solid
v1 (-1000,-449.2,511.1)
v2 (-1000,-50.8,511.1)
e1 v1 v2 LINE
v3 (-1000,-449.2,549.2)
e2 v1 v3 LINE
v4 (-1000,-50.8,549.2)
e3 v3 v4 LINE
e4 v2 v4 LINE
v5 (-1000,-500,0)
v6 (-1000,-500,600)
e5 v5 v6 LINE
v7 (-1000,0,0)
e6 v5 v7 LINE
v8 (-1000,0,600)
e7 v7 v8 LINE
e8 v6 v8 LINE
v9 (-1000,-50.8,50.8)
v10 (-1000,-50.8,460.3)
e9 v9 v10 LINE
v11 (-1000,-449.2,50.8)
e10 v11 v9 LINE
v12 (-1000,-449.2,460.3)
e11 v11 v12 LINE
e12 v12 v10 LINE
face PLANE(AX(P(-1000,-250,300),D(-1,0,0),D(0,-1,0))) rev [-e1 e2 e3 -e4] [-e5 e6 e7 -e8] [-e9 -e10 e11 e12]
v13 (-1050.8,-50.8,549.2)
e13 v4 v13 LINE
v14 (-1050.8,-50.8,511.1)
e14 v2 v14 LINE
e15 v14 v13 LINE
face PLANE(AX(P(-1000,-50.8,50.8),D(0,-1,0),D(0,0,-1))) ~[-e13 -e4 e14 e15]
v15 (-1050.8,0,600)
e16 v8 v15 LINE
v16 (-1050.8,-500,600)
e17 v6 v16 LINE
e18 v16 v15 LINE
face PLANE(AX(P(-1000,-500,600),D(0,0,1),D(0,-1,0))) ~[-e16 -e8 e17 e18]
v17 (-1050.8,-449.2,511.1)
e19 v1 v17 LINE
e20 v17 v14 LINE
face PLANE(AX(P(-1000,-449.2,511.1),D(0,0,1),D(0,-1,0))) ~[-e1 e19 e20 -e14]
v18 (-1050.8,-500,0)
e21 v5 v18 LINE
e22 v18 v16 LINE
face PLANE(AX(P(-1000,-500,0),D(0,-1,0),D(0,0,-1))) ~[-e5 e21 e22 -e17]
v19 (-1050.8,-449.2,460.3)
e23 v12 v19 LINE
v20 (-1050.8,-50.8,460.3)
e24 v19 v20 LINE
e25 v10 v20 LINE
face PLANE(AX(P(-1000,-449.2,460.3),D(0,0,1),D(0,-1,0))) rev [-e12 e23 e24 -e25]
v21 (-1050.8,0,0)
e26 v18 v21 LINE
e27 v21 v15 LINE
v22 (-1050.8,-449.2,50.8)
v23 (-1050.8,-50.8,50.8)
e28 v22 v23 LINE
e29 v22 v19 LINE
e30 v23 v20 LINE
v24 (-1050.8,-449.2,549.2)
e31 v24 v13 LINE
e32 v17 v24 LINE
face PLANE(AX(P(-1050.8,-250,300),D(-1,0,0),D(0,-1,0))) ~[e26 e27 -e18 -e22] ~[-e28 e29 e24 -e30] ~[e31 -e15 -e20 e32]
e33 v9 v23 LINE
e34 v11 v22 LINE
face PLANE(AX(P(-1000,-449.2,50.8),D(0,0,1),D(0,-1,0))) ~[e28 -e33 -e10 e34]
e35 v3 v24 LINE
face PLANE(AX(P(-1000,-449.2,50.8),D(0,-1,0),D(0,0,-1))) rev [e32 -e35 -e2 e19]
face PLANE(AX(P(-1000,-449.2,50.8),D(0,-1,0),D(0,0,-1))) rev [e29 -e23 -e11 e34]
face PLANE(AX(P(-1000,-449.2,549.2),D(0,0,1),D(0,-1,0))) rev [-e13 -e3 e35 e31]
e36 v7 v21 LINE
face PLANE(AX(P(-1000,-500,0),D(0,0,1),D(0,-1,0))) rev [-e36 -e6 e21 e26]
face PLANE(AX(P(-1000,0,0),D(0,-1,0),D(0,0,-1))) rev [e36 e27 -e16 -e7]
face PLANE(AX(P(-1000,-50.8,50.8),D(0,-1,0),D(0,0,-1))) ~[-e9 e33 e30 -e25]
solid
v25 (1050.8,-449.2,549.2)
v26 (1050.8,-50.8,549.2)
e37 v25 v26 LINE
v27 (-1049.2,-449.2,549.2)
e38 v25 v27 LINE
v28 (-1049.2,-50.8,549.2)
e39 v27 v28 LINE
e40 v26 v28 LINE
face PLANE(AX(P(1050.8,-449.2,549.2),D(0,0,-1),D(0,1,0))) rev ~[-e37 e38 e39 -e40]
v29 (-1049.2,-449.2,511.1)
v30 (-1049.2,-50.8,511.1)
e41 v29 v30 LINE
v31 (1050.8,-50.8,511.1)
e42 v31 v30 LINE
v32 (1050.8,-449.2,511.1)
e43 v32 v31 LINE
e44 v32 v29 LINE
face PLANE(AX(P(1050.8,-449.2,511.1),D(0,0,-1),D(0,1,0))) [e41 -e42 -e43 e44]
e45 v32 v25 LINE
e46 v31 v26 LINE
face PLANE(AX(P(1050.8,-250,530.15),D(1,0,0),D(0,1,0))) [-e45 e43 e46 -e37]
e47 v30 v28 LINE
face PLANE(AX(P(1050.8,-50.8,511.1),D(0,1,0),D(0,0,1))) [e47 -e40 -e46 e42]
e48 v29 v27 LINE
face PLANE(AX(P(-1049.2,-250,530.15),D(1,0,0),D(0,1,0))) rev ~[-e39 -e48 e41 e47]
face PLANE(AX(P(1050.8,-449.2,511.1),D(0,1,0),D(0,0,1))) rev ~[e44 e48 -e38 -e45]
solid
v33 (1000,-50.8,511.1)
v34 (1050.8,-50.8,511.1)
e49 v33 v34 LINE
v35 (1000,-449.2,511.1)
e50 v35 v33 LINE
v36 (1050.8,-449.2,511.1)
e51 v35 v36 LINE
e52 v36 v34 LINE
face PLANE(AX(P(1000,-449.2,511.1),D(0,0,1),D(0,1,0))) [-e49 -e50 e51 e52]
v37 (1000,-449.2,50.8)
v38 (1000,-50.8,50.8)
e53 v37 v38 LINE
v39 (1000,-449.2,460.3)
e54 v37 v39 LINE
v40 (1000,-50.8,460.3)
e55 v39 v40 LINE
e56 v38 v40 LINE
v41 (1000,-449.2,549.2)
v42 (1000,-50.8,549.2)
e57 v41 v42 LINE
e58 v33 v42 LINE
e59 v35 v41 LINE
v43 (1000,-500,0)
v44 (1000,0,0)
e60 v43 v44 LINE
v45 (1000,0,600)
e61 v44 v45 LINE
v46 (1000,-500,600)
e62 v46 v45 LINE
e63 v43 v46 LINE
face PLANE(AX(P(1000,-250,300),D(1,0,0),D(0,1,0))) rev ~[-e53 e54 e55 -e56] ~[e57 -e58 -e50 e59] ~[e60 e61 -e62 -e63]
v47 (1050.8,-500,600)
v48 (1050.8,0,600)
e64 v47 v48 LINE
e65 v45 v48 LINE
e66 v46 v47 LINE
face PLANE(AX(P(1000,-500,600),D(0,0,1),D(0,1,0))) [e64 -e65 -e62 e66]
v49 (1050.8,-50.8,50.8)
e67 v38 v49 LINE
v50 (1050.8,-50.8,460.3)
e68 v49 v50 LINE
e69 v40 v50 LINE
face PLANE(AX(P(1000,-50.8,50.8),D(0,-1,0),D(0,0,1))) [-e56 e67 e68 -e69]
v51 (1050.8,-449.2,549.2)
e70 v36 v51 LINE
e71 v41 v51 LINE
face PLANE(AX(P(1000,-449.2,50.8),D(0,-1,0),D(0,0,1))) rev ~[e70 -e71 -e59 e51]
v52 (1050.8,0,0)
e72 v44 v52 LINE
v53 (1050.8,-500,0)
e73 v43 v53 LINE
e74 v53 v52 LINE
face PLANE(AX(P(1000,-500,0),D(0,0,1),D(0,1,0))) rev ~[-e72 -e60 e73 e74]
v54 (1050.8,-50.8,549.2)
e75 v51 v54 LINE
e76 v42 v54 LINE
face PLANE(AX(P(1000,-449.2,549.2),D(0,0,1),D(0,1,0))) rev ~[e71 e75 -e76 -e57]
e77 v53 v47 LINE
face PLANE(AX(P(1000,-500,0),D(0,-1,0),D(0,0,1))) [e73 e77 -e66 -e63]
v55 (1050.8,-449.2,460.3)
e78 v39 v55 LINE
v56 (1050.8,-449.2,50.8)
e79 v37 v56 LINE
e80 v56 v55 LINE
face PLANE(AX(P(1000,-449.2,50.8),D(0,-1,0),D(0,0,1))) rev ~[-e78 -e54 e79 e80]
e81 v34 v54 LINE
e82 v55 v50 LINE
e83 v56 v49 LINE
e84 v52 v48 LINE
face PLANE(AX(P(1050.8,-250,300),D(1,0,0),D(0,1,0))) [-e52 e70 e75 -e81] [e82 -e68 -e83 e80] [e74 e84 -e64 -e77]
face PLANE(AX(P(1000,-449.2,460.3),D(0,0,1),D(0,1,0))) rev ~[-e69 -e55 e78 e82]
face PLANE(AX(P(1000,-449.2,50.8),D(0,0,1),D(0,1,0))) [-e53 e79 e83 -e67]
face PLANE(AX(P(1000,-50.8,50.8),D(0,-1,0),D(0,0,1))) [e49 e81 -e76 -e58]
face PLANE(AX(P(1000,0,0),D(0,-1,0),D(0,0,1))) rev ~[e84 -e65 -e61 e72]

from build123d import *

# Parameters (mm, degrees)
F1_W     = 500
F1_H     = 600
F1_W_2   = 398.4
F1_H_2   = 498.4
F2_DEPTH = 50.8
F3_W     = 398.4
F3_H     = 50.8
F4_DEPTH = 50.8
F6_W     = 398.4
F6_H     = 38.1
F7_DEPTH = 2100


with BuildPart() as f2:
    # F1 (on offset) → F2 (new body)
    with BuildSketch(Plane.YZ.offset(1000)):
        with Locations((-250, 300)):
            Rectangle(F1_W, F1_H)
        with Locations((-250, 300)):
            Rectangle(F1_W_2, F1_H_2, mode=Mode.SUBTRACT)
    extrude(amount=F2_DEPTH)

    # F3 (on offset) → F4 (join)
    with BuildSketch(Plane.YZ.offset(1000)):
        with Locations((-250, 485.7)):
            Rectangle(F3_W, F3_H)
    extrude(amount=F4_DEPTH)


with BuildPart() as f5_1:
    # F5: instance of F2
    add(f2.part.mirror(Plane.YZ))


with BuildPart() as f7:
    # F6 (on face) → F7 (new body)
    with BuildSketch(Plane.YZ.offset(1050.8)):
        with Locations((-250, 530.15)):
            Rectangle(F6_W, F6_H)
    extrude(amount=-F7_DEPTH)


solid = Compound([f2.part, f5_1.part, f7.part])
